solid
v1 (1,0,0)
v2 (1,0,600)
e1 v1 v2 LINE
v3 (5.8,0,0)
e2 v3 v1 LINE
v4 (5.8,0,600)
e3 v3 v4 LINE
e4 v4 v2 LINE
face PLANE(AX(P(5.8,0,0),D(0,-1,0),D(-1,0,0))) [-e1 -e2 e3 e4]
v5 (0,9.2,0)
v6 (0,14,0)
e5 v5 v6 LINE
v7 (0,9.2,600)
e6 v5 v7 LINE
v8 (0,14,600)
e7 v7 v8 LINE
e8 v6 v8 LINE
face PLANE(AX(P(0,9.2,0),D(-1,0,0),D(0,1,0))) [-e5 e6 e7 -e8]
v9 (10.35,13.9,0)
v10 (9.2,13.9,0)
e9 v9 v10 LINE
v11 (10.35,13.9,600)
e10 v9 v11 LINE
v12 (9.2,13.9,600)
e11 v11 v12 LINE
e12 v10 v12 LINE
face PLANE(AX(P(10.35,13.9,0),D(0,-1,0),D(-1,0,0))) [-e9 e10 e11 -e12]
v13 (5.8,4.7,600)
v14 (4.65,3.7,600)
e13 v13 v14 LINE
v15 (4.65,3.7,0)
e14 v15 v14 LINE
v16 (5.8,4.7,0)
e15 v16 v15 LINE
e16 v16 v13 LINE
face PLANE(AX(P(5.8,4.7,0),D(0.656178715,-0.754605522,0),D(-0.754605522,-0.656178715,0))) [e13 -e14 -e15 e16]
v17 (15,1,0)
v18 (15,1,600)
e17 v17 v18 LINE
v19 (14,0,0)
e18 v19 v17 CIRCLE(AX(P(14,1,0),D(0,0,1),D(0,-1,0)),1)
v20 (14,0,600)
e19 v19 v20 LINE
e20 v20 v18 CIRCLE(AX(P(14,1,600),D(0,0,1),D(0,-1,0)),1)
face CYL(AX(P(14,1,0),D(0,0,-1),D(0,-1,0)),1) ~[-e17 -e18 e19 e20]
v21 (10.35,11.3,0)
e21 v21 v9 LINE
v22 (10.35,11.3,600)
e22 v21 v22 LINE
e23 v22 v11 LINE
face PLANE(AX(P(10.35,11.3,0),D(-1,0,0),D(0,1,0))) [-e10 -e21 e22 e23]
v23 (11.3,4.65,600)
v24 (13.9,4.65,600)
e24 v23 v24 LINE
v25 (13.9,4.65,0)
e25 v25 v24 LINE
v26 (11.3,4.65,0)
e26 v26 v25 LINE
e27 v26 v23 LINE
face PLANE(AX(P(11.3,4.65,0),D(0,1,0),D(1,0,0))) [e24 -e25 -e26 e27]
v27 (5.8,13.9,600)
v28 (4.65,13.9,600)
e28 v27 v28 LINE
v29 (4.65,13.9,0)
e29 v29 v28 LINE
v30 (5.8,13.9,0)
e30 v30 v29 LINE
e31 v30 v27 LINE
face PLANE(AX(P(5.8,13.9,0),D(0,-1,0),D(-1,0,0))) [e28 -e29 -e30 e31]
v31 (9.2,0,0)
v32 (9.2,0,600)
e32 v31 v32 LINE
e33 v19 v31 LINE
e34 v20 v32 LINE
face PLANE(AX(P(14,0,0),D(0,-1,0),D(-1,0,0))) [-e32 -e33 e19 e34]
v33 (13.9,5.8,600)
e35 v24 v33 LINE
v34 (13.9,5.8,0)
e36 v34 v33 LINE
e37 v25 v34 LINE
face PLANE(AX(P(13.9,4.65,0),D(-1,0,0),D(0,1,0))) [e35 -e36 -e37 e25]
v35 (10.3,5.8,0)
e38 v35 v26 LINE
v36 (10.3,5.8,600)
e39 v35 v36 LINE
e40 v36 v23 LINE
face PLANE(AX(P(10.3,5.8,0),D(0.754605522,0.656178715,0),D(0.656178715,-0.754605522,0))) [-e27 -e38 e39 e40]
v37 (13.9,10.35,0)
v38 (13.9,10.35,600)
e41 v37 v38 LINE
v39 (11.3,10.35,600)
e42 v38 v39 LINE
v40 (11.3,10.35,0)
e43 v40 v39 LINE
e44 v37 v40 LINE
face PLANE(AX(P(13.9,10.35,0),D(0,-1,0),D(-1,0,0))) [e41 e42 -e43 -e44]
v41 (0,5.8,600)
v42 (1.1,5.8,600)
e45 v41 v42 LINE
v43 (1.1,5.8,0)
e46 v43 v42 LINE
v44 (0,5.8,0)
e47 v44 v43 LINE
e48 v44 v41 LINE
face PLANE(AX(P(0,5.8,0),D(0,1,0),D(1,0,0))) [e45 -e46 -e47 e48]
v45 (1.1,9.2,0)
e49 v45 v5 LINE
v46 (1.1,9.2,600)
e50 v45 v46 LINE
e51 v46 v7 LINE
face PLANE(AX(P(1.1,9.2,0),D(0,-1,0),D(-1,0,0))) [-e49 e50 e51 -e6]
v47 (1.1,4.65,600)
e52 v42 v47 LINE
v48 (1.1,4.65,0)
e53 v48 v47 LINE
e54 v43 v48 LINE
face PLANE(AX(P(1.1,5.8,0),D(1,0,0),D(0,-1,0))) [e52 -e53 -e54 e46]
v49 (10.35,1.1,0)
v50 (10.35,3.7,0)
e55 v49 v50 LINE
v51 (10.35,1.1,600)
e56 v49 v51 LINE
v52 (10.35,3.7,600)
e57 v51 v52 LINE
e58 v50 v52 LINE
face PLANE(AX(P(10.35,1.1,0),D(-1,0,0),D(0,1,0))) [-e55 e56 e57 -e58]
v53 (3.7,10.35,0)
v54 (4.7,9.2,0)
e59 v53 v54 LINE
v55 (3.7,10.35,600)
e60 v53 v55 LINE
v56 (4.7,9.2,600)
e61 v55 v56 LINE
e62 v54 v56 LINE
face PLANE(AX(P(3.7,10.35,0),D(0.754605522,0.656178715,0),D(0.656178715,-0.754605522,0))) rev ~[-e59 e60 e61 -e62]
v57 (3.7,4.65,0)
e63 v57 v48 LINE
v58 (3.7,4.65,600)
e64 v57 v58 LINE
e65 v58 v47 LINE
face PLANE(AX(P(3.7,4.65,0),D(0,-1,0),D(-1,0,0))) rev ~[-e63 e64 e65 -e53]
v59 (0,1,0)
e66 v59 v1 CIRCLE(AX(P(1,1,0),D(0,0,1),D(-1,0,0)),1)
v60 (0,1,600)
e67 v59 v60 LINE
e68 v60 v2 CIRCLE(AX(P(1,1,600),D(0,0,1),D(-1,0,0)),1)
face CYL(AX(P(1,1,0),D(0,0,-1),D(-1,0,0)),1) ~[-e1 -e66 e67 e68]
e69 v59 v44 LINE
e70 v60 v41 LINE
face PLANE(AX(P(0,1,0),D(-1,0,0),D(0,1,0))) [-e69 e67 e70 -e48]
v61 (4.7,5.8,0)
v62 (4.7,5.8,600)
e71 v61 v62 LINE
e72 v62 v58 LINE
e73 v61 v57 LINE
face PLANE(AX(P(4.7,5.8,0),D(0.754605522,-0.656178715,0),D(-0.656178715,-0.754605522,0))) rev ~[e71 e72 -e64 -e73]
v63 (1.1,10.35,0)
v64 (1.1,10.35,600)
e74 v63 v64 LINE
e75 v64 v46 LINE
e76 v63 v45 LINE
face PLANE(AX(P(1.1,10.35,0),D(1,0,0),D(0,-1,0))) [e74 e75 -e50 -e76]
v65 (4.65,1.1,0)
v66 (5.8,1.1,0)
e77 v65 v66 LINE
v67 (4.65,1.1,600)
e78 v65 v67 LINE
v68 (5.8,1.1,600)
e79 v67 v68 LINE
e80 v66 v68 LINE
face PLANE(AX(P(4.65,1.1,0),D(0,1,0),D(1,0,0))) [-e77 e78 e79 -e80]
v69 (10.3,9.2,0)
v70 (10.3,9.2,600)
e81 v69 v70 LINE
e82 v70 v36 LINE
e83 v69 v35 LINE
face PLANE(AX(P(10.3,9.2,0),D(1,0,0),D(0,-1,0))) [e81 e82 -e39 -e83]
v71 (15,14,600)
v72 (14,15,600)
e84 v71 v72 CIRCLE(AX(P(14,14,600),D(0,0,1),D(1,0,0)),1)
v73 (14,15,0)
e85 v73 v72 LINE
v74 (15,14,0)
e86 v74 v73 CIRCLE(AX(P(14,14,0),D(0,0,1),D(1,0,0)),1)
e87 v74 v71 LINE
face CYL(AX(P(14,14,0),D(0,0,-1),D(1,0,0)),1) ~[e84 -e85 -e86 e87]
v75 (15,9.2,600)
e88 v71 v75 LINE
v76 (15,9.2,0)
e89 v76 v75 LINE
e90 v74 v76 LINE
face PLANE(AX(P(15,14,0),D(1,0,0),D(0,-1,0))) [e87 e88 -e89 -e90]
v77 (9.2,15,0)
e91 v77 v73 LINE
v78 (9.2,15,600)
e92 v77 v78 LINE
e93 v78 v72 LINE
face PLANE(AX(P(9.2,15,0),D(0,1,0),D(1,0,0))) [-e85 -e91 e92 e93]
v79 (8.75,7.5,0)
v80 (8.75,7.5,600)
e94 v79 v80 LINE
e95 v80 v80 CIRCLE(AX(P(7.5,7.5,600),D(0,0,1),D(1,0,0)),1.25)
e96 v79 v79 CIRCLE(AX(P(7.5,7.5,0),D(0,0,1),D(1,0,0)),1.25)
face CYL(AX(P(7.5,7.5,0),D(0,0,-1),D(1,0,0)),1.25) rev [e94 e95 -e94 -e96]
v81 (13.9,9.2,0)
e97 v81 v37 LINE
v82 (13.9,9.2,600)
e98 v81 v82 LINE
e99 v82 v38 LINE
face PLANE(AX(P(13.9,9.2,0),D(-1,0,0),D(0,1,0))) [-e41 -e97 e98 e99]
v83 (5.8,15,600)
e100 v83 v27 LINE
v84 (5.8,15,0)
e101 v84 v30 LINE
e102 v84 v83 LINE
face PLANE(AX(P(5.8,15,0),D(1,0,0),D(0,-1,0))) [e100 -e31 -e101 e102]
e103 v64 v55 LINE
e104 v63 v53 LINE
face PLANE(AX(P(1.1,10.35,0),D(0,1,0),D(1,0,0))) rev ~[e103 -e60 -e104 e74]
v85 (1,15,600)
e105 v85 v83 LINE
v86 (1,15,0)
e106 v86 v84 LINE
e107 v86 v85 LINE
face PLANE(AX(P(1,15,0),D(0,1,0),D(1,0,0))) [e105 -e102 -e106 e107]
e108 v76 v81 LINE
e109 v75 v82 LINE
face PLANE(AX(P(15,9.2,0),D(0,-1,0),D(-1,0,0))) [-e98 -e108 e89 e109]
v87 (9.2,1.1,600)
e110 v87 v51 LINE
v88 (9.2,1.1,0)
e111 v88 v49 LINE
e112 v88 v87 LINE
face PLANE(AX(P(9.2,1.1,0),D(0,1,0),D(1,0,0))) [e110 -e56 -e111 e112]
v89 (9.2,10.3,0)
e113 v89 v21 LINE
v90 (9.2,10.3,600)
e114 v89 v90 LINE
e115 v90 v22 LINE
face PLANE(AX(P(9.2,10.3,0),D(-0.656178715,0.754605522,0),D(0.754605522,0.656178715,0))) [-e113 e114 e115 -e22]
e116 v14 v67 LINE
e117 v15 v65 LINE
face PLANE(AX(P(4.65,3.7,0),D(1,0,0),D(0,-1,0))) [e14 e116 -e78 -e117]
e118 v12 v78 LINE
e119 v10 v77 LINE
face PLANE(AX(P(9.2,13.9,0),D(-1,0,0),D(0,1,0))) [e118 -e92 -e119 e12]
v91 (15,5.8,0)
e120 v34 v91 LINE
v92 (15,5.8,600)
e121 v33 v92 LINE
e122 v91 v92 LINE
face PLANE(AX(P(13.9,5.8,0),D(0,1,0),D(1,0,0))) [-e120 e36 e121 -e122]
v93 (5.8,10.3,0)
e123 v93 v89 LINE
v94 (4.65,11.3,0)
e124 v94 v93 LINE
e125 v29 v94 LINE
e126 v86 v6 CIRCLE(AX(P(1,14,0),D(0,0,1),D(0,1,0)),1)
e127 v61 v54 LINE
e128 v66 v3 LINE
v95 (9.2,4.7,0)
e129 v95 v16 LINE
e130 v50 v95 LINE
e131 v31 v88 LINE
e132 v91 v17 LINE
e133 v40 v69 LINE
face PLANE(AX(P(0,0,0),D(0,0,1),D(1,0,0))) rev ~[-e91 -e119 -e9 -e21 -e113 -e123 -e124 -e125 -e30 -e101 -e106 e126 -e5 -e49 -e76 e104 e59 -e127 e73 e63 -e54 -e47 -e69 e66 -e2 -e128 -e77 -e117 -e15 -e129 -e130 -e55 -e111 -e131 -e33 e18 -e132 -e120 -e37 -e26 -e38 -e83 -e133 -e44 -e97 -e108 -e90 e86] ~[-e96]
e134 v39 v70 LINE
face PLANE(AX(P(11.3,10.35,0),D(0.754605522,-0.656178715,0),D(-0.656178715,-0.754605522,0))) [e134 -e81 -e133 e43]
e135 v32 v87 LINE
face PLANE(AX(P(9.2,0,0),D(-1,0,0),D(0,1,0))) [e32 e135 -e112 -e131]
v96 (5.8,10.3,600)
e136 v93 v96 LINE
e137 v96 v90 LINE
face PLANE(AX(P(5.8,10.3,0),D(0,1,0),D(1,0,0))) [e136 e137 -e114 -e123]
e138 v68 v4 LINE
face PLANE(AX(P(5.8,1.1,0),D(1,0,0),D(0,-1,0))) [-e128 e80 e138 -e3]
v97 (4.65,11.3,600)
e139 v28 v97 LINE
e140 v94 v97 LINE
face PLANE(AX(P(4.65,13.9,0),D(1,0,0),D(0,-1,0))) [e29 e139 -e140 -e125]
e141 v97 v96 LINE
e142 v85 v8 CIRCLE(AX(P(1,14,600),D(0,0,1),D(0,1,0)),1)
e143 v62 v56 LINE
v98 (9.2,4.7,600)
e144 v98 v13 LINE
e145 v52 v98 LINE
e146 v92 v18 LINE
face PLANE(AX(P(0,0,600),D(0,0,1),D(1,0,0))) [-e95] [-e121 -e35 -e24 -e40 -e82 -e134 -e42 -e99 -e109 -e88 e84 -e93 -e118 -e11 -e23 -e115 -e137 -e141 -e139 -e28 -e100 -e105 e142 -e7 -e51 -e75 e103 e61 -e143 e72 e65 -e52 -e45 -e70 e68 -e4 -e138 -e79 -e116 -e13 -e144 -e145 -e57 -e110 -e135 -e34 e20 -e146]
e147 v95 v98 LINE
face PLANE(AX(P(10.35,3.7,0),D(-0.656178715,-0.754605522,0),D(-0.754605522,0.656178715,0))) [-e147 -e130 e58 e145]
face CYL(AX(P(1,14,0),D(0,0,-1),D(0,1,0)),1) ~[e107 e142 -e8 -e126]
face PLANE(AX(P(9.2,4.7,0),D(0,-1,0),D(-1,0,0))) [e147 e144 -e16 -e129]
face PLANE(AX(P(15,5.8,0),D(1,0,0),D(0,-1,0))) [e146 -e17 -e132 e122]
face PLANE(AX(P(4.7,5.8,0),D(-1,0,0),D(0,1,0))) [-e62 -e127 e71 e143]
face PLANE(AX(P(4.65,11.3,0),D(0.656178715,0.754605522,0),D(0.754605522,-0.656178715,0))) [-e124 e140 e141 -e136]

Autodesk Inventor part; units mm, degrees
ref_plane "YZ Plane" through (0, 0, 0) normal (1, 0, 0) x (0, 1, 0)
ref_plane "XZ Plane" through (0, 0, 0) normal (0, 1, 0) x (-1, 0, 0)
ref_plane "XY Plane" through (0, 0, 0) normal (0, 0, 1) x (1, 0, 0)
sketch "Sketch1" plane through (0, 0, 0) normal (0, 0, 1) x (1, 0, 0)
  line L0 (0, 0) -> (0, 5.8)
  line L1 (0, 5.8) -> (1.1, 5.8)
  line L2 (1.1, 5.8) -> (1.1, 4.65)
  line L3 (4.7, 5.8) -> (4.7, 9.2)
  line L4 (1.1, 10.35) -> (1.1, 9.2)
  line L5 (1.1, 9.2) -> (0, 9.2)
  line L6 (0, 9.2) -> (0, 15)
  line L7 (0, 15) -> (5.8, 15)
  line L8 (5.8, 15) -> (5.8, 13.9)
  line L9 (5.8, 13.9) -> (4.65, 13.9)
  line L10 (5.8, 10.3) -> (9.2, 10.3)
  line L11 (10.35, 13.9) -> (9.2, 13.9)
  line L12 (9.2, 13.9) -> (9.2, 15)
  line L13 (9.2, 15) -> (15, 15)
  line L14 (15, 15) -> (15, 9.2)
  line L15 (15, 9.2) -> (13.9, 9.2)
  line L16 (13.9, 9.2) -> (13.9, 10.35)
  line L17 (10.3, 9.2) -> (10.3, 5.8)
  line L18 (13.9, 4.65) -> (13.9, 5.8)
  line L19 (13.9, 5.8) -> (15, 5.8)
  line L20 (15, 5.8) -> (15, 0)
  line L21 (15, 0) -> (9.2, 0)
  line L22 (9.2, 0) -> (9.2, 1.1)
  line L23 (9.2, 1.1) -> (10.35, 1.1)
  line L24 (9.2, 4.7) -> (5.8, 4.7)
  line L25 (4.65, 1.1) -> (5.8, 1.1)
  line L26 (5.8, 1.1) -> (5.8, 0)
  line L27 (5.8, 0) -> (0, 0)
  circle A0 centre (7.5, 7.5) radius 1.25
  line L28 (1.1, 10.35) -> (3.7, 10.35)
  line L29 (3.7, 10.35) -> (4.7, 9.2)
  line L30 (4.7, 5.8) -> (3.7, 4.65)
  line L31 (3.7, 4.65) -> (1.1, 4.65)
  line L32 (4.65, 13.9) -> (4.65, 11.3)
  line L33 (4.65, 11.3) -> (5.8, 10.3)
  line L34 (9.2, 10.3) -> (10.35, 11.3)
  line L35 (10.35, 11.3) -> (10.35, 13.9)
  line L36 (13.9, 10.35) -> (11.3, 10.35)
  line L37 (11.3, 10.35) -> (10.3, 9.2)
  line L38 (10.3, 5.8) -> (11.3, 4.65)
  line L39 (11.3, 4.65) -> (13.9, 4.65)
  line L40 (10.35, 1.1) -> (10.35, 3.7)
  line L41 (10.35, 3.7) -> (9.2, 4.7)
  line L42 (5.8, 4.7) -> (4.65, 3.7)
  line L43 (4.65, 3.7) -> (4.65, 1.1)
  arc A1 (1, 15) -> (0, 14) centre (1, 14) ccw
  arc A2 (15, 14) -> (14, 15) centre (14, 14) ccw
  arc A3 (14, 0) -> (15, 1) centre (14, 1) ccw
  arc A4 (0, 1) -> (1, 0) centre (1, 1) ccw
  dimension "d6" = 15
  dimension "d7" = 1.1
  dimension "d8" = 5.7
  dimension "d9" = 3.4
  dimension "d10" = 2.5
  dimension "d13" = 7.5
  dimension "d14" = 7.5
  dimension "d18" = 15
  dimension "d19" = 3.6
  dimension "d20" = 1
  dimension "d21" = 3.4
  dimension "d22" = 1
extrude "Extrusion1" add sketch "Sketch1" along normal blind 600 contours L0 L1 L2 L31 L30 L3 L29 L28 L4 L5 L6 A1 L7 L8 L9 L32 L33 L10 L34 L35 L11 L12 L13 A2 L14 L15 L16 L36 L37 L17 L38 L39 L18 L19 L20 A3 L21 L22 L23 L40 L41 L24 L42 L43 L25 L26 L27 A4
equation "\"d13\" = 0.5 * d6"
equation "\"d14\" = 0.5 * d6"
equation "\"d18\" = d6"
equation "\"d21\" = d9"
properties part number "Rail_Misumi_HFS3-1515-600" material "Aluminum 6061"
